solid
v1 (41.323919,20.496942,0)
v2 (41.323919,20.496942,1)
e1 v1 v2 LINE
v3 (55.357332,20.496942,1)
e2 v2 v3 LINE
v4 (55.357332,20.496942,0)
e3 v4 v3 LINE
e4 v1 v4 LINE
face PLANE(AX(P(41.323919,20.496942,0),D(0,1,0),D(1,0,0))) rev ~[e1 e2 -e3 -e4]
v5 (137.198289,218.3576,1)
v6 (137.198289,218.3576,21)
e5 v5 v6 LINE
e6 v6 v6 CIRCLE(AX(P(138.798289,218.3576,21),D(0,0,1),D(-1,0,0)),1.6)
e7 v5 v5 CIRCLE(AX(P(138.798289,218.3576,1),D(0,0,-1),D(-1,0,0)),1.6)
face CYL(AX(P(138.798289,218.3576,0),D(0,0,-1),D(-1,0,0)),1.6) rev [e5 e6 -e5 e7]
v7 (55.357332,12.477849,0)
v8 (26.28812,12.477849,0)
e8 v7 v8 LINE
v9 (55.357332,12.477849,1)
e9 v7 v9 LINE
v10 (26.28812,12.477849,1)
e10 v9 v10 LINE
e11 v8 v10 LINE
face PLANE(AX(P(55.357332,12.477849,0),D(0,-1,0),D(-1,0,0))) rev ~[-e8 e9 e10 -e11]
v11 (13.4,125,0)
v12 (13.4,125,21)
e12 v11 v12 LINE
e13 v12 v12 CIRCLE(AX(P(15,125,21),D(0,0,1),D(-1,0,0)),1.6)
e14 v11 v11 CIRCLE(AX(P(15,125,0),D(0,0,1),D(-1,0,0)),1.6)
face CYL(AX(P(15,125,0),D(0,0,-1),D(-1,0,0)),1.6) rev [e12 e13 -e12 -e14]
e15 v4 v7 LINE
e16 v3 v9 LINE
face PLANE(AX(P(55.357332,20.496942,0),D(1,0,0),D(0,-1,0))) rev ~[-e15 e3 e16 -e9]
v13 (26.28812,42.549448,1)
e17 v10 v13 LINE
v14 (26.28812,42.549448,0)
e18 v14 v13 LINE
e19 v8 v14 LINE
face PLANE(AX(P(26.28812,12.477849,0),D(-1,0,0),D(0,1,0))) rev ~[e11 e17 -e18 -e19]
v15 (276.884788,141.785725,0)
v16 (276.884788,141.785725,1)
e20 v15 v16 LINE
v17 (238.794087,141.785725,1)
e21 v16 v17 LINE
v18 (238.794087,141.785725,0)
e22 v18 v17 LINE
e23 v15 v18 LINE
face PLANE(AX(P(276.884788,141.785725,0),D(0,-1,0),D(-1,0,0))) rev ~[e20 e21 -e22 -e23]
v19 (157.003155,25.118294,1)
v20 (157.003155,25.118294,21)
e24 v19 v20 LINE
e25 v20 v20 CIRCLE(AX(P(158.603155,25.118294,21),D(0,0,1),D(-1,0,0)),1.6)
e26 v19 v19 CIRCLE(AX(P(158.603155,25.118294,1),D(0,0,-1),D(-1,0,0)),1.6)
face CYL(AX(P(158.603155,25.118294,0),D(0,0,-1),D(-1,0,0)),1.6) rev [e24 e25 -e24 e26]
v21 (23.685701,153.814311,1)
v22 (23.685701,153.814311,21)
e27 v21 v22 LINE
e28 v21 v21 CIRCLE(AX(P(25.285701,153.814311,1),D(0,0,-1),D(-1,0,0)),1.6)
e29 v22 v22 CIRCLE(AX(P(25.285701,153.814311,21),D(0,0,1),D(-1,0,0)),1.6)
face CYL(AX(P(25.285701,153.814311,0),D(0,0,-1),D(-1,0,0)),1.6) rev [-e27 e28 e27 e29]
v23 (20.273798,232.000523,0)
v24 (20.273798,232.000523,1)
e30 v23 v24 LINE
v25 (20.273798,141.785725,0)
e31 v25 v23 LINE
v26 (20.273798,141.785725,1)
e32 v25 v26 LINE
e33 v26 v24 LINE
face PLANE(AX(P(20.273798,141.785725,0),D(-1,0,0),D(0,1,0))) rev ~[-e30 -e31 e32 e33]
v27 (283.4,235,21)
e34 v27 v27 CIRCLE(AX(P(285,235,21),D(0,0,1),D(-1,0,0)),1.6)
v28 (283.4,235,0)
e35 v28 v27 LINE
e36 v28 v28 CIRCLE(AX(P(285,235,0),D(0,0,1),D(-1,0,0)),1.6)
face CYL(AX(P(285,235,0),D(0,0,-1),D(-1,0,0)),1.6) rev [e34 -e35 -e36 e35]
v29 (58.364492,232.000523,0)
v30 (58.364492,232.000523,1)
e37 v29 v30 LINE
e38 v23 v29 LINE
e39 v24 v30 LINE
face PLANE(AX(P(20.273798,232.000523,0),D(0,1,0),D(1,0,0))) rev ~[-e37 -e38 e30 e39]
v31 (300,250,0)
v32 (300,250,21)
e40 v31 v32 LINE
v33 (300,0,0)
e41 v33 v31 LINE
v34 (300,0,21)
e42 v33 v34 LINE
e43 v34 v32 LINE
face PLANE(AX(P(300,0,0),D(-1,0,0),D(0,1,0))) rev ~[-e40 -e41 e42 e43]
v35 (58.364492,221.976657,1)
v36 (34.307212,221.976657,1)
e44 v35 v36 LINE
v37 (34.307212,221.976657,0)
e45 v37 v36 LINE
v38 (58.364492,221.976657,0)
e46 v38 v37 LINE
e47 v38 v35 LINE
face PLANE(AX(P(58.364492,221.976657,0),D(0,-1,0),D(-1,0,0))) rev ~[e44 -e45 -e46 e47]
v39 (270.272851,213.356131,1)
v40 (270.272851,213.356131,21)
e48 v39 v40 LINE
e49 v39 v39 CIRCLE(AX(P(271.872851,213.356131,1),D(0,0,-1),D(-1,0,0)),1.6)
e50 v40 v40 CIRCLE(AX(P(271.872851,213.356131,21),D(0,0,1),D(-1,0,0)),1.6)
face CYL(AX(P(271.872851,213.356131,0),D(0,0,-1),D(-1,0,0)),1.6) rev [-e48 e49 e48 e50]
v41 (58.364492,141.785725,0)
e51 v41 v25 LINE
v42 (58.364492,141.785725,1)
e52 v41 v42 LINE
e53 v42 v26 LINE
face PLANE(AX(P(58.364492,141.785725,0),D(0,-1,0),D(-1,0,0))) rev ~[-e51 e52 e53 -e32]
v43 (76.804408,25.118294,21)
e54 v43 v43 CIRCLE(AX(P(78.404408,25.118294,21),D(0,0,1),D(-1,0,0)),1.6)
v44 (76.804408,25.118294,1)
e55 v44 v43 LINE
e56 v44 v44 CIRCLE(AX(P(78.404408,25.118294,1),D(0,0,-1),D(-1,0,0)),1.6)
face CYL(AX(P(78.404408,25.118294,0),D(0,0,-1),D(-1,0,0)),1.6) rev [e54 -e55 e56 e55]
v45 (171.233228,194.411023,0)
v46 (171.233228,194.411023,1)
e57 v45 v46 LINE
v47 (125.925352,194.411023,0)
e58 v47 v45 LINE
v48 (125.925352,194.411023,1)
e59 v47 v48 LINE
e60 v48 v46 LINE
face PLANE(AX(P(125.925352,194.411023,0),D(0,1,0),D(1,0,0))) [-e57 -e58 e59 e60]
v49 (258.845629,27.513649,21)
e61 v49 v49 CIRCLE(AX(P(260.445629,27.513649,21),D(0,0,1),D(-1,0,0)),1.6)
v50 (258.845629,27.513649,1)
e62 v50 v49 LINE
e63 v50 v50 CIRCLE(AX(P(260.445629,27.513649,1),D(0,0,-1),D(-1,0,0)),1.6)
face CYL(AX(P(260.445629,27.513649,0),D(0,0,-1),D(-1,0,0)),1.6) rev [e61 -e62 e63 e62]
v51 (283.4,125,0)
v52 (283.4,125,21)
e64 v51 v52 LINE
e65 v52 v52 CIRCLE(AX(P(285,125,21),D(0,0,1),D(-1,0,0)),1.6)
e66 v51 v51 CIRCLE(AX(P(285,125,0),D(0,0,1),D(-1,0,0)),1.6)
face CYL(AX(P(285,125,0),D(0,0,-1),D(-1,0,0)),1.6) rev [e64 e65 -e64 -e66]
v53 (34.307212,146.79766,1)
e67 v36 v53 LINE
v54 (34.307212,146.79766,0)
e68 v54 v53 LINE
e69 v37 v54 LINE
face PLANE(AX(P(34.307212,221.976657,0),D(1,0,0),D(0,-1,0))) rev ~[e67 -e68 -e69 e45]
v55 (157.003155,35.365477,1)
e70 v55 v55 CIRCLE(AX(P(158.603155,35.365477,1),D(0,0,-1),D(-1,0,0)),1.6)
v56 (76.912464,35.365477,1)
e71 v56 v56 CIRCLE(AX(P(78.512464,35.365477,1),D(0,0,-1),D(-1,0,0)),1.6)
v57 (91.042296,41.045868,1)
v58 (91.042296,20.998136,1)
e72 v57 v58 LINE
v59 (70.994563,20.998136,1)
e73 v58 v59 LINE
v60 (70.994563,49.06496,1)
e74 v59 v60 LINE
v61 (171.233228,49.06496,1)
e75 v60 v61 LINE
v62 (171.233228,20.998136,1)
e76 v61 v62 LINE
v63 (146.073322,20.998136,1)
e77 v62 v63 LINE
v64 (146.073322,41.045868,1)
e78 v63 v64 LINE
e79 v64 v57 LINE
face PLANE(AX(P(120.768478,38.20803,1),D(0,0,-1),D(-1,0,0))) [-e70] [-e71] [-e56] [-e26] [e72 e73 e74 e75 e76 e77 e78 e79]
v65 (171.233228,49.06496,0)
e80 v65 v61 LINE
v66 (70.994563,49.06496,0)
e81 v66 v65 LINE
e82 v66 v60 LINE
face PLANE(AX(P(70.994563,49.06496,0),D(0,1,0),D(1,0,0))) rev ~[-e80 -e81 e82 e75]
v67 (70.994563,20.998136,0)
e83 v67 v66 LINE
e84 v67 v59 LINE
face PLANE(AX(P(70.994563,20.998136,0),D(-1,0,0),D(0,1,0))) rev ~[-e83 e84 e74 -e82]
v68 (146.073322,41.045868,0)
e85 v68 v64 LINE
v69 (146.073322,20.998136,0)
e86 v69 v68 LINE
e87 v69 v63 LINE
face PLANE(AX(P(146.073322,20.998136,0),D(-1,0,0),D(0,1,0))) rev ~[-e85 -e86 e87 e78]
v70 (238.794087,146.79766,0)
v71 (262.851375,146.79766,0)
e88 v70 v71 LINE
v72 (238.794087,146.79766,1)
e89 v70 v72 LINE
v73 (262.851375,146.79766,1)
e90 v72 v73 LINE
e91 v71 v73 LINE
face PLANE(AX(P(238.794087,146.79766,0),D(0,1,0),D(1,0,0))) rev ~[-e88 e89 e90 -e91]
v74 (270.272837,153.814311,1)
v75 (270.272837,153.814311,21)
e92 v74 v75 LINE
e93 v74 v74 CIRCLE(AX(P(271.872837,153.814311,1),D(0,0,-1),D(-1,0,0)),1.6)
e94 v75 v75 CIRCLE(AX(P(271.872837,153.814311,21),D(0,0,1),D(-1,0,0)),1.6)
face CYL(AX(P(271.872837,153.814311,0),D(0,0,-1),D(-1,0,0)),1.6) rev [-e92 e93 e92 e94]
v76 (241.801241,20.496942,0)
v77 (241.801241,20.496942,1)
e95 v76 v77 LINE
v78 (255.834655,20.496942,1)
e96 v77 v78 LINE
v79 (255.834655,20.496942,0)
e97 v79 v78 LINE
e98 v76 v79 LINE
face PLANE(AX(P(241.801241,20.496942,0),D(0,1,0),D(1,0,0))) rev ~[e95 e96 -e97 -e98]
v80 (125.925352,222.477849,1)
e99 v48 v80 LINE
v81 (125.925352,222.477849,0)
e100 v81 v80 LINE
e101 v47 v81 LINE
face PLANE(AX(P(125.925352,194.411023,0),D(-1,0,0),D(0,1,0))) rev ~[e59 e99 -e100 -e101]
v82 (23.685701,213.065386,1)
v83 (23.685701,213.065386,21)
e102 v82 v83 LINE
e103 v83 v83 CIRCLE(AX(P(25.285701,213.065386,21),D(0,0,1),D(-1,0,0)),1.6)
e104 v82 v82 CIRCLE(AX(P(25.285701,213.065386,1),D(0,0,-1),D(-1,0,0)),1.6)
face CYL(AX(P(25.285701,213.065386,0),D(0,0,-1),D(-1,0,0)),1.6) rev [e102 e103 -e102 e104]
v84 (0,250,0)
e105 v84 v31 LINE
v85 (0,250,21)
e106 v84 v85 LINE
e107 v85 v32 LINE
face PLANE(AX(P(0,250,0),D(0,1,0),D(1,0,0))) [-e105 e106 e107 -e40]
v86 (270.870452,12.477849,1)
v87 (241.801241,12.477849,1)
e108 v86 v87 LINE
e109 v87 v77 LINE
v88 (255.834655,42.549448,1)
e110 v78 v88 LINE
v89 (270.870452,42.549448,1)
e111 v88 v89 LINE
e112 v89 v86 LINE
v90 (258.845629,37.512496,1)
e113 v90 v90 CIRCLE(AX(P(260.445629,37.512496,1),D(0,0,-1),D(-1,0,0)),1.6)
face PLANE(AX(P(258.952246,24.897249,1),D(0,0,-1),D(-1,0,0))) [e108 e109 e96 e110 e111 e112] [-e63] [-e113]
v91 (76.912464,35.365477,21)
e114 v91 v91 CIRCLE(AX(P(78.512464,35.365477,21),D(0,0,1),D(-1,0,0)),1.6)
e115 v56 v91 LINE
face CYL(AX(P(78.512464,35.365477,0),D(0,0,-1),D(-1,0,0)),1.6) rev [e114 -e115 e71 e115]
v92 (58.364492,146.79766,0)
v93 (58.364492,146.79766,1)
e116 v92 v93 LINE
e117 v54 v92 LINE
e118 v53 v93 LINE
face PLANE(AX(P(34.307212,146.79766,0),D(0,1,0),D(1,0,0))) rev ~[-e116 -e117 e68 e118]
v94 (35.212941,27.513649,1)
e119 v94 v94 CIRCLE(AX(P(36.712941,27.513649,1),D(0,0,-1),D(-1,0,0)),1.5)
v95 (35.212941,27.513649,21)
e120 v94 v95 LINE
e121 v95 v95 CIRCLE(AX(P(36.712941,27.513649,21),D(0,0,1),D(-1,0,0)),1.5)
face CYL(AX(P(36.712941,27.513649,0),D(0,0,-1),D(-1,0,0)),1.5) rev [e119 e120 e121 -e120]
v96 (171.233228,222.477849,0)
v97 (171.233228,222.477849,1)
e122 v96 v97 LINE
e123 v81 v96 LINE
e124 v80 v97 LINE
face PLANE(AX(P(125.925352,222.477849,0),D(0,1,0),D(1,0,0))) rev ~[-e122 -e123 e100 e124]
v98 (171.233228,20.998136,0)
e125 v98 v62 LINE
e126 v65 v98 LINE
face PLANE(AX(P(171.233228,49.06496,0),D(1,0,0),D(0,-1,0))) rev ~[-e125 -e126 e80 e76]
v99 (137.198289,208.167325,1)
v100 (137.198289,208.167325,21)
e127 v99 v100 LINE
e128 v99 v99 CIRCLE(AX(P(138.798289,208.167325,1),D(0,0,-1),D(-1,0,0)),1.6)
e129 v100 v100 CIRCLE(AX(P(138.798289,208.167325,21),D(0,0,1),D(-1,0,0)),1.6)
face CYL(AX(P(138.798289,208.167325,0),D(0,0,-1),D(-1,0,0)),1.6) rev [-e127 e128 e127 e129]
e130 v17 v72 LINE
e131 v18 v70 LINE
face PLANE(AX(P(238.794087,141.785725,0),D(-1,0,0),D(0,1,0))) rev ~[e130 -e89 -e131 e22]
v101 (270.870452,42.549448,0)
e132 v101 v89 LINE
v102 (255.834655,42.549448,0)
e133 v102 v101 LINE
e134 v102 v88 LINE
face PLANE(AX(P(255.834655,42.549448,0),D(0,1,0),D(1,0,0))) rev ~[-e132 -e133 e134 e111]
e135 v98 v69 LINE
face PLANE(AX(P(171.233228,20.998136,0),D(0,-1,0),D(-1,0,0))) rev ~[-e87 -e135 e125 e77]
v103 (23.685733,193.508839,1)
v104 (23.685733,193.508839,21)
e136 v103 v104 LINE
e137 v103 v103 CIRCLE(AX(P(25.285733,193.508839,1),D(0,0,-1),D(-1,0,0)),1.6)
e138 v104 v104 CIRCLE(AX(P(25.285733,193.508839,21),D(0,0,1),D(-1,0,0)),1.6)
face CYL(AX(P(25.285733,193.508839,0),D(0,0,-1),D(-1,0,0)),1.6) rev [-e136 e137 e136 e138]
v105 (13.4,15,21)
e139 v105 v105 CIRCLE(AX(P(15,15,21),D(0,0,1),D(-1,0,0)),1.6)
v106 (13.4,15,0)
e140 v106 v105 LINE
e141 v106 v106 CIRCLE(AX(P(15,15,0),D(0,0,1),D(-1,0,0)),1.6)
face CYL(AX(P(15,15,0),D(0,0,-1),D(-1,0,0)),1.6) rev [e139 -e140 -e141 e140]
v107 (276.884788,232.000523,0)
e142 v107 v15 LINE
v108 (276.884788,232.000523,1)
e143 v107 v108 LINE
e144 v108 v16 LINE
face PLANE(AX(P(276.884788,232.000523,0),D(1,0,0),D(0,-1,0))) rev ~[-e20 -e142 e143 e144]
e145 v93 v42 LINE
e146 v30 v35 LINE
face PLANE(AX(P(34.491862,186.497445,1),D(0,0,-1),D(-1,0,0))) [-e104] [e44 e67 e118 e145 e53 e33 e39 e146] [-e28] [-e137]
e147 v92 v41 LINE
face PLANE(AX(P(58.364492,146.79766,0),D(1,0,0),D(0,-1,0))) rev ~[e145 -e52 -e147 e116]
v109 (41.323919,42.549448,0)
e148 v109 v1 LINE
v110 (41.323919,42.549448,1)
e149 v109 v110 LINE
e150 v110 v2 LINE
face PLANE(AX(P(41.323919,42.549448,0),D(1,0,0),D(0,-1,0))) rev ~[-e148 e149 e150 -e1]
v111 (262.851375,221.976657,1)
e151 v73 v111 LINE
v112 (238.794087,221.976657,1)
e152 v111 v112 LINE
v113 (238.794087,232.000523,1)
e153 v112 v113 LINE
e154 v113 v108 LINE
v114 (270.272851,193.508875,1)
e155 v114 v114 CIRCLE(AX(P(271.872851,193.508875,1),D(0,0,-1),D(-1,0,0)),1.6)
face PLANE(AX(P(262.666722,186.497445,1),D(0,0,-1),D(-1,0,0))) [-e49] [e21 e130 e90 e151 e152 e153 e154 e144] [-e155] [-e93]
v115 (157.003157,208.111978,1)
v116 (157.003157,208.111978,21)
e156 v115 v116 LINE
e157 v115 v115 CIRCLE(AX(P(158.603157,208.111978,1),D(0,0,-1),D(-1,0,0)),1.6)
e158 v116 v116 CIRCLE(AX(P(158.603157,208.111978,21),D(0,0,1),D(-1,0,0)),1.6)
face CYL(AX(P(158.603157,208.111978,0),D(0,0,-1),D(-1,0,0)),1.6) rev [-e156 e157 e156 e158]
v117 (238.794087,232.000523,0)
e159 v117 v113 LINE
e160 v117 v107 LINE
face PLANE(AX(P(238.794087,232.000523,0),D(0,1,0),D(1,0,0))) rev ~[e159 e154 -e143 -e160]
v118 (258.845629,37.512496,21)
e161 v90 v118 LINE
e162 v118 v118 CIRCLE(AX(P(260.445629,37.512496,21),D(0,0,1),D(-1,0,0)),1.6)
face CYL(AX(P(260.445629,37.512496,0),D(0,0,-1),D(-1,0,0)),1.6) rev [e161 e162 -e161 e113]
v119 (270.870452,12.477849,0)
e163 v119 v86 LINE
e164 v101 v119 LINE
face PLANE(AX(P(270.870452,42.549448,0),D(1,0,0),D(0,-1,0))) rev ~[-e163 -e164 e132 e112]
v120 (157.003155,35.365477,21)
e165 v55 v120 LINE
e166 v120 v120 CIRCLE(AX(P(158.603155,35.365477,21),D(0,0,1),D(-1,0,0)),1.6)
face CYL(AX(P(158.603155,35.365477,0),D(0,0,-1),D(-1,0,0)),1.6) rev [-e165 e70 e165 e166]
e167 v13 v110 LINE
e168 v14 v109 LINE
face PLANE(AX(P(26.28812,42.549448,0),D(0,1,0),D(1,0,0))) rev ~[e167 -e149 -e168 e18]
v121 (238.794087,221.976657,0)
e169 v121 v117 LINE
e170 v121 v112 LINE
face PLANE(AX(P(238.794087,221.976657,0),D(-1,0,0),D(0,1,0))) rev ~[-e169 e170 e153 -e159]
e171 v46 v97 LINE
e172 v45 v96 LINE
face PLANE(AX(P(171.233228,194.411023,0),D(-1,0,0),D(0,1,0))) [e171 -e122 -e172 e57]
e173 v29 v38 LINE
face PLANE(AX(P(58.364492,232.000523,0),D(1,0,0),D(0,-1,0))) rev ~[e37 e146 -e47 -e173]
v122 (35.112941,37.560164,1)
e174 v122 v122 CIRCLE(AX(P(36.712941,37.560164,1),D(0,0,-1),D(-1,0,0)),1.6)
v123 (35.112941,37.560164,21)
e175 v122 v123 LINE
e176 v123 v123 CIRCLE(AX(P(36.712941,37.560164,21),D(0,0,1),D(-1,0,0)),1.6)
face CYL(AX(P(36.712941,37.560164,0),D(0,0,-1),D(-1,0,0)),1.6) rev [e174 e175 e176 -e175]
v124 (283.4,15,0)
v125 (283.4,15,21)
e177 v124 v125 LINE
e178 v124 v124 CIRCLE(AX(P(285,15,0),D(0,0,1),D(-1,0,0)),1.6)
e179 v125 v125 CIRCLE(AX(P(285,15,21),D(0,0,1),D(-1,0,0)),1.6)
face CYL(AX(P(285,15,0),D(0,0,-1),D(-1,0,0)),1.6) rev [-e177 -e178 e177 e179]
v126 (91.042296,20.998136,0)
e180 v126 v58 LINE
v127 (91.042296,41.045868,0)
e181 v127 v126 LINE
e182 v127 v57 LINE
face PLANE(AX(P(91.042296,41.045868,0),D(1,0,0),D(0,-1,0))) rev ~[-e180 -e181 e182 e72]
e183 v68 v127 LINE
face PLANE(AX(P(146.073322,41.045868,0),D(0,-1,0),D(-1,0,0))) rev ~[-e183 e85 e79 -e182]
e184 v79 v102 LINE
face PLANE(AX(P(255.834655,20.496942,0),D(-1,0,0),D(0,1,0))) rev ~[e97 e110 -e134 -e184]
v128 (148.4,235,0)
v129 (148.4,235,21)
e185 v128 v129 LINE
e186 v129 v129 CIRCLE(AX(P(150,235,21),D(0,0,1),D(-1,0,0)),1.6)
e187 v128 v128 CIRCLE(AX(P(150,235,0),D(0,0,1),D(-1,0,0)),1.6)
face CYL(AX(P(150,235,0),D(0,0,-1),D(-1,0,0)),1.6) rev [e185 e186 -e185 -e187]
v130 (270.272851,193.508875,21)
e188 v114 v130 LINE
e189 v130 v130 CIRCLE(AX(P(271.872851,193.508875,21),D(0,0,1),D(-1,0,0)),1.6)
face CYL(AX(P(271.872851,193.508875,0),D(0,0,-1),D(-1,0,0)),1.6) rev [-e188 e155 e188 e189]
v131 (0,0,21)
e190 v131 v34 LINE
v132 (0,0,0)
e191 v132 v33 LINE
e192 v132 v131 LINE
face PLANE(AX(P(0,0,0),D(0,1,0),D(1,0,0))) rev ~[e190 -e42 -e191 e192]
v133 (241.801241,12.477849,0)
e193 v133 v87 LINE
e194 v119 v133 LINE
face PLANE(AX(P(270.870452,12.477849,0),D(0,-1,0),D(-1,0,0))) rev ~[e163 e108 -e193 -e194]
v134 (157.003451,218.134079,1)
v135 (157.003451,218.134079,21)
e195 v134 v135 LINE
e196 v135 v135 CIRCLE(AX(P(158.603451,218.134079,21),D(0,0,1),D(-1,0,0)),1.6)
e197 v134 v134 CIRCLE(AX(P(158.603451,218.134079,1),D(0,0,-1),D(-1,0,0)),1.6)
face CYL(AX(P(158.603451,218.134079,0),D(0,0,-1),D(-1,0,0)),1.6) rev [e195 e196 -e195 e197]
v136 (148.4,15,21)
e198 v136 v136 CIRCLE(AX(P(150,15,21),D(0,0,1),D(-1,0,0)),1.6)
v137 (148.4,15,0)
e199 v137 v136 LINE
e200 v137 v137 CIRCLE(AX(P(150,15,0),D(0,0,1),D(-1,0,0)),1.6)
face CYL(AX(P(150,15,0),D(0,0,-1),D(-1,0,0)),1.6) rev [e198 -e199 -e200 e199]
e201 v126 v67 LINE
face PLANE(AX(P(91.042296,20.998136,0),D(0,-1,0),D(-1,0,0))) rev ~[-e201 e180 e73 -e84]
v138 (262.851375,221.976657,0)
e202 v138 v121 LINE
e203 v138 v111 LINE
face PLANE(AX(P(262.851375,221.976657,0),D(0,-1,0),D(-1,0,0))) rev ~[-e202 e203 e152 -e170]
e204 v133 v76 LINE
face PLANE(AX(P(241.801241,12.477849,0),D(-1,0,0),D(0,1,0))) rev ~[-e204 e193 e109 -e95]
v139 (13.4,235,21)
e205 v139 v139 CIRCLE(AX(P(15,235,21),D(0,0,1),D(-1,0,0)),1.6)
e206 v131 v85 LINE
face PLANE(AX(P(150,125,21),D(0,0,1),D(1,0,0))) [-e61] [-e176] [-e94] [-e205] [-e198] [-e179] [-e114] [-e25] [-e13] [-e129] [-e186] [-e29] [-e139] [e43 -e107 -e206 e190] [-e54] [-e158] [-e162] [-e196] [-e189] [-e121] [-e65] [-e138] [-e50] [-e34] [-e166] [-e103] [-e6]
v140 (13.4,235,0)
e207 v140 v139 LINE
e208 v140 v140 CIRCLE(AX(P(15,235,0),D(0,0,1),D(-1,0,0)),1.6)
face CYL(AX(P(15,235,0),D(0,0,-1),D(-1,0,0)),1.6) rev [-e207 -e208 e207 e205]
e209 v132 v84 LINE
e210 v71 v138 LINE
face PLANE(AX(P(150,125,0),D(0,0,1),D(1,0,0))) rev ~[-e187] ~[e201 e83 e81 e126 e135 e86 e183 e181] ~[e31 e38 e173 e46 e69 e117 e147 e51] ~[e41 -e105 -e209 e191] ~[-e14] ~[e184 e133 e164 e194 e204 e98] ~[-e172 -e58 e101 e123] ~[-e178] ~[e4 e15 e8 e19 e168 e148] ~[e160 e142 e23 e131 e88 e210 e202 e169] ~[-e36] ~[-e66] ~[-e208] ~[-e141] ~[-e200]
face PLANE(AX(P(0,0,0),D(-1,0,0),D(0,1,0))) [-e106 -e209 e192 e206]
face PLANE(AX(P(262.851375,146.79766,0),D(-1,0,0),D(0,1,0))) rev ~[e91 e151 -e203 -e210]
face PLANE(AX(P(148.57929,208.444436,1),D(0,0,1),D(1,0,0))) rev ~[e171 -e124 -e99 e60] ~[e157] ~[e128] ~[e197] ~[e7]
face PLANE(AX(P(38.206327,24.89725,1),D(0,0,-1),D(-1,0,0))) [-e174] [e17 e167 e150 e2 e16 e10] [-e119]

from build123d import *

# Parameters (mm, degrees)
SKIZZE1_W                       = 300
SKIZZE1_H                       = 250
SKIZZE1_R                       = 1.6
AUFSATZ_LINEAR_AUSTRAGEN5_DEPTH = 21
SKIZZE2_R                       = 1.6
SKIZZE2_R_2                     = 1.5
SCHNITT_LINEAR_AUSTRAGEN2_DEPTH = 21
SKIZZE4_W                       = 45.307875895
SKIZZE4_H                       = 28.066825776
SCHNITT_LINEAR_AUSTRAGEN4_DEPTH = 1


with BuildPart() as part:
    # Skizze1 → Aufsatz-Linear austragen5 (new body)
    with BuildSketch(Plane.XY):
        with Locations((150, 125)):
            Rectangle(SKIZZE1_W, SKIZZE1_H)
        with Locations(Location((15, 15, 0), (0, 0, 180))):
            Circle(SKIZZE1_R, mode=Mode.SUBTRACT)
        with Locations(Location((285, 15, 0), (0, 0, 180))):
            Circle(SKIZZE1_R, mode=Mode.SUBTRACT)
        with Locations(Location((285, 235, 0), (0, 0, 180))):
            Circle(SKIZZE1_R, mode=Mode.SUBTRACT)
        with Locations(Location((15, 235, 0), (0, 0, 180))):
            Circle(SKIZZE1_R, mode=Mode.SUBTRACT)
        with Locations(Location((150, 15, 0), (0, 0, 180))):
            Circle(SKIZZE1_R, mode=Mode.SUBTRACT)
        with Locations(Location((285, 125, 0), (0, 0, 180))):
            Circle(SKIZZE1_R, mode=Mode.SUBTRACT)
        with Locations(Location((15, 125, 0), (0, 0, 180))):
            Circle(SKIZZE1_R, mode=Mode.SUBTRACT)
        with Locations(Location((150, 235, 0), (0, 0, 180))):
            Circle(SKIZZE1_R, mode=Mode.SUBTRACT)
    extrude(amount=AUFSATZ_LINEAR_AUSTRAGEN5_DEPTH)

    # Skizze2 → Schnitt-Linear austragen2 (cut)
    with BuildSketch(Plane.XY):
        with Locations(Location((158.603155074, 25.118294, 0), (0, 0, 180))):
            Circle(SKIZZE2_R)
        with Locations(Location((158.603155074, 35.36547744, 0), (0, 0, 180))):
            Circle(SKIZZE2_R)
        with Locations(Location((260.44562916, 27.513648646, 0), (0, 0, 180))):
            Circle(SKIZZE2_R)
        with Locations(Location((260.44562916, 37.512496181, 0), (0, 0, 180))):
            Circle(SKIZZE2_R)
        with Locations(Location((271.872836796, 153.81431076, 0), (0, 0, 180))):
            Circle(SKIZZE2_R)
        with Locations(Location((271.872850829, 193.508875377, 0), (0, 0, 180))):
            Circle(SKIZZE2_R)
        with Locations(Location((271.872850829, 213.356130747, 0), (0, 0, 180))):
            Circle(SKIZZE2_R)
        with Locations(Location((158.603451148, 218.134079373, 0), (0, 0, 180))):
            Circle(SKIZZE2_R)
        with Locations(Location((138.798289388, 208.167325209, 0), (0, 0, 180))):
            Circle(SKIZZE2_R)
        with Locations(Location((158.60315708, 208.111977885, 0), (0, 0, 180))):
            Circle(SKIZZE2_R)
        with Locations(Location((138.79828939, 218.357599581, 0), (0, 0, 180))):
            Circle(SKIZZE2_R)
        with Locations(Location((25.285732641, 193.508839291, 0), (0, 0, 180))):
            Circle(SKIZZE2_R)
        with Locations(Location((25.28570124, 213.065385973, 0), (0, 0, 180))):
            Circle(SKIZZE2_R)
        with Locations(Location((25.285701244, 153.814310759, 0), (0, 0, 180))):
            Circle(SKIZZE2_R)
        with Locations(Location((78.40440781, 25.118294004, 0), (0, 0, 180))):
            Circle(SKIZZE2_R)
        with Locations(Location((36.712941278, 27.513648641, 0), (0, 0, 180))):
            Circle(SKIZZE2_R_2)
        with Locations(Location((36.71294128, 37.560163652, 0), (0, 0, 180))):
            Circle(SKIZZE2_R)
        with Locations(Location((78.512463953, 35.365477438, 0), (0, 0, 180))):
            Circle(SKIZZE2_R)
    extrude(amount=SCHNITT_LINEAR_AUSTRAGEN2_DEPTH, mode=Mode.SUBTRACT)

    # Skizze4 → Schnitt-Linear austragen4 (cut)
    with BuildSketch(Plane.XY):
        Polygon((270.870452166, 12.477849124), (241.801240756, 12.477849124), (241.801240756, 20.496942202), (255.834654648, 20.496942202), (255.834654648, 42.549448169), (270.870452166, 42.549448169), align=None)
        Polygon((55.357331688, 12.477849124), (26.288120277, 12.477849124), (26.288120277, 42.549448169), (41.3239188, 42.549448169), (41.3239188, 20.496942202), (55.357331688, 20.496942202), align=None)
        Polygon((171.233227678, 20.99813552), (146.073322141, 20.99813552), (146.073322141, 41.045868217), (91.042295889, 41.045868217), (91.042295889, 20.99813552), (70.994563187, 20.99813552), (70.994563187, 49.064960293), (171.233227678, 49.064960293), align=None)
        with Locations((148.579289731, 208.444436236)):
            Rectangle(SKIZZE4_W, SKIZZE4_H)
        Polygon((276.884788012, 141.785725019), (238.794086862, 141.785725019), (238.794086862, 146.797660198), (262.851375124, 146.797660198), (262.851375124, 221.976656809), (238.794086862, 221.976656809), (238.794086862, 232.000523157), (276.884788012, 232.000523157), align=None)
        Polygon((58.364491591, 141.785725019), (20.273798467, 141.785725019), (20.273798467, 232.000523157), (58.364491591, 232.000523157), (58.364491591, 221.976656809), (34.307212355, 221.976656809), (34.307212355, 146.797660198), (58.364491591, 146.797660198), align=None)
    extrude(amount=SCHNITT_LINEAR_AUSTRAGEN4_DEPTH, mode=Mode.SUBTRACT)


solid = part.part
